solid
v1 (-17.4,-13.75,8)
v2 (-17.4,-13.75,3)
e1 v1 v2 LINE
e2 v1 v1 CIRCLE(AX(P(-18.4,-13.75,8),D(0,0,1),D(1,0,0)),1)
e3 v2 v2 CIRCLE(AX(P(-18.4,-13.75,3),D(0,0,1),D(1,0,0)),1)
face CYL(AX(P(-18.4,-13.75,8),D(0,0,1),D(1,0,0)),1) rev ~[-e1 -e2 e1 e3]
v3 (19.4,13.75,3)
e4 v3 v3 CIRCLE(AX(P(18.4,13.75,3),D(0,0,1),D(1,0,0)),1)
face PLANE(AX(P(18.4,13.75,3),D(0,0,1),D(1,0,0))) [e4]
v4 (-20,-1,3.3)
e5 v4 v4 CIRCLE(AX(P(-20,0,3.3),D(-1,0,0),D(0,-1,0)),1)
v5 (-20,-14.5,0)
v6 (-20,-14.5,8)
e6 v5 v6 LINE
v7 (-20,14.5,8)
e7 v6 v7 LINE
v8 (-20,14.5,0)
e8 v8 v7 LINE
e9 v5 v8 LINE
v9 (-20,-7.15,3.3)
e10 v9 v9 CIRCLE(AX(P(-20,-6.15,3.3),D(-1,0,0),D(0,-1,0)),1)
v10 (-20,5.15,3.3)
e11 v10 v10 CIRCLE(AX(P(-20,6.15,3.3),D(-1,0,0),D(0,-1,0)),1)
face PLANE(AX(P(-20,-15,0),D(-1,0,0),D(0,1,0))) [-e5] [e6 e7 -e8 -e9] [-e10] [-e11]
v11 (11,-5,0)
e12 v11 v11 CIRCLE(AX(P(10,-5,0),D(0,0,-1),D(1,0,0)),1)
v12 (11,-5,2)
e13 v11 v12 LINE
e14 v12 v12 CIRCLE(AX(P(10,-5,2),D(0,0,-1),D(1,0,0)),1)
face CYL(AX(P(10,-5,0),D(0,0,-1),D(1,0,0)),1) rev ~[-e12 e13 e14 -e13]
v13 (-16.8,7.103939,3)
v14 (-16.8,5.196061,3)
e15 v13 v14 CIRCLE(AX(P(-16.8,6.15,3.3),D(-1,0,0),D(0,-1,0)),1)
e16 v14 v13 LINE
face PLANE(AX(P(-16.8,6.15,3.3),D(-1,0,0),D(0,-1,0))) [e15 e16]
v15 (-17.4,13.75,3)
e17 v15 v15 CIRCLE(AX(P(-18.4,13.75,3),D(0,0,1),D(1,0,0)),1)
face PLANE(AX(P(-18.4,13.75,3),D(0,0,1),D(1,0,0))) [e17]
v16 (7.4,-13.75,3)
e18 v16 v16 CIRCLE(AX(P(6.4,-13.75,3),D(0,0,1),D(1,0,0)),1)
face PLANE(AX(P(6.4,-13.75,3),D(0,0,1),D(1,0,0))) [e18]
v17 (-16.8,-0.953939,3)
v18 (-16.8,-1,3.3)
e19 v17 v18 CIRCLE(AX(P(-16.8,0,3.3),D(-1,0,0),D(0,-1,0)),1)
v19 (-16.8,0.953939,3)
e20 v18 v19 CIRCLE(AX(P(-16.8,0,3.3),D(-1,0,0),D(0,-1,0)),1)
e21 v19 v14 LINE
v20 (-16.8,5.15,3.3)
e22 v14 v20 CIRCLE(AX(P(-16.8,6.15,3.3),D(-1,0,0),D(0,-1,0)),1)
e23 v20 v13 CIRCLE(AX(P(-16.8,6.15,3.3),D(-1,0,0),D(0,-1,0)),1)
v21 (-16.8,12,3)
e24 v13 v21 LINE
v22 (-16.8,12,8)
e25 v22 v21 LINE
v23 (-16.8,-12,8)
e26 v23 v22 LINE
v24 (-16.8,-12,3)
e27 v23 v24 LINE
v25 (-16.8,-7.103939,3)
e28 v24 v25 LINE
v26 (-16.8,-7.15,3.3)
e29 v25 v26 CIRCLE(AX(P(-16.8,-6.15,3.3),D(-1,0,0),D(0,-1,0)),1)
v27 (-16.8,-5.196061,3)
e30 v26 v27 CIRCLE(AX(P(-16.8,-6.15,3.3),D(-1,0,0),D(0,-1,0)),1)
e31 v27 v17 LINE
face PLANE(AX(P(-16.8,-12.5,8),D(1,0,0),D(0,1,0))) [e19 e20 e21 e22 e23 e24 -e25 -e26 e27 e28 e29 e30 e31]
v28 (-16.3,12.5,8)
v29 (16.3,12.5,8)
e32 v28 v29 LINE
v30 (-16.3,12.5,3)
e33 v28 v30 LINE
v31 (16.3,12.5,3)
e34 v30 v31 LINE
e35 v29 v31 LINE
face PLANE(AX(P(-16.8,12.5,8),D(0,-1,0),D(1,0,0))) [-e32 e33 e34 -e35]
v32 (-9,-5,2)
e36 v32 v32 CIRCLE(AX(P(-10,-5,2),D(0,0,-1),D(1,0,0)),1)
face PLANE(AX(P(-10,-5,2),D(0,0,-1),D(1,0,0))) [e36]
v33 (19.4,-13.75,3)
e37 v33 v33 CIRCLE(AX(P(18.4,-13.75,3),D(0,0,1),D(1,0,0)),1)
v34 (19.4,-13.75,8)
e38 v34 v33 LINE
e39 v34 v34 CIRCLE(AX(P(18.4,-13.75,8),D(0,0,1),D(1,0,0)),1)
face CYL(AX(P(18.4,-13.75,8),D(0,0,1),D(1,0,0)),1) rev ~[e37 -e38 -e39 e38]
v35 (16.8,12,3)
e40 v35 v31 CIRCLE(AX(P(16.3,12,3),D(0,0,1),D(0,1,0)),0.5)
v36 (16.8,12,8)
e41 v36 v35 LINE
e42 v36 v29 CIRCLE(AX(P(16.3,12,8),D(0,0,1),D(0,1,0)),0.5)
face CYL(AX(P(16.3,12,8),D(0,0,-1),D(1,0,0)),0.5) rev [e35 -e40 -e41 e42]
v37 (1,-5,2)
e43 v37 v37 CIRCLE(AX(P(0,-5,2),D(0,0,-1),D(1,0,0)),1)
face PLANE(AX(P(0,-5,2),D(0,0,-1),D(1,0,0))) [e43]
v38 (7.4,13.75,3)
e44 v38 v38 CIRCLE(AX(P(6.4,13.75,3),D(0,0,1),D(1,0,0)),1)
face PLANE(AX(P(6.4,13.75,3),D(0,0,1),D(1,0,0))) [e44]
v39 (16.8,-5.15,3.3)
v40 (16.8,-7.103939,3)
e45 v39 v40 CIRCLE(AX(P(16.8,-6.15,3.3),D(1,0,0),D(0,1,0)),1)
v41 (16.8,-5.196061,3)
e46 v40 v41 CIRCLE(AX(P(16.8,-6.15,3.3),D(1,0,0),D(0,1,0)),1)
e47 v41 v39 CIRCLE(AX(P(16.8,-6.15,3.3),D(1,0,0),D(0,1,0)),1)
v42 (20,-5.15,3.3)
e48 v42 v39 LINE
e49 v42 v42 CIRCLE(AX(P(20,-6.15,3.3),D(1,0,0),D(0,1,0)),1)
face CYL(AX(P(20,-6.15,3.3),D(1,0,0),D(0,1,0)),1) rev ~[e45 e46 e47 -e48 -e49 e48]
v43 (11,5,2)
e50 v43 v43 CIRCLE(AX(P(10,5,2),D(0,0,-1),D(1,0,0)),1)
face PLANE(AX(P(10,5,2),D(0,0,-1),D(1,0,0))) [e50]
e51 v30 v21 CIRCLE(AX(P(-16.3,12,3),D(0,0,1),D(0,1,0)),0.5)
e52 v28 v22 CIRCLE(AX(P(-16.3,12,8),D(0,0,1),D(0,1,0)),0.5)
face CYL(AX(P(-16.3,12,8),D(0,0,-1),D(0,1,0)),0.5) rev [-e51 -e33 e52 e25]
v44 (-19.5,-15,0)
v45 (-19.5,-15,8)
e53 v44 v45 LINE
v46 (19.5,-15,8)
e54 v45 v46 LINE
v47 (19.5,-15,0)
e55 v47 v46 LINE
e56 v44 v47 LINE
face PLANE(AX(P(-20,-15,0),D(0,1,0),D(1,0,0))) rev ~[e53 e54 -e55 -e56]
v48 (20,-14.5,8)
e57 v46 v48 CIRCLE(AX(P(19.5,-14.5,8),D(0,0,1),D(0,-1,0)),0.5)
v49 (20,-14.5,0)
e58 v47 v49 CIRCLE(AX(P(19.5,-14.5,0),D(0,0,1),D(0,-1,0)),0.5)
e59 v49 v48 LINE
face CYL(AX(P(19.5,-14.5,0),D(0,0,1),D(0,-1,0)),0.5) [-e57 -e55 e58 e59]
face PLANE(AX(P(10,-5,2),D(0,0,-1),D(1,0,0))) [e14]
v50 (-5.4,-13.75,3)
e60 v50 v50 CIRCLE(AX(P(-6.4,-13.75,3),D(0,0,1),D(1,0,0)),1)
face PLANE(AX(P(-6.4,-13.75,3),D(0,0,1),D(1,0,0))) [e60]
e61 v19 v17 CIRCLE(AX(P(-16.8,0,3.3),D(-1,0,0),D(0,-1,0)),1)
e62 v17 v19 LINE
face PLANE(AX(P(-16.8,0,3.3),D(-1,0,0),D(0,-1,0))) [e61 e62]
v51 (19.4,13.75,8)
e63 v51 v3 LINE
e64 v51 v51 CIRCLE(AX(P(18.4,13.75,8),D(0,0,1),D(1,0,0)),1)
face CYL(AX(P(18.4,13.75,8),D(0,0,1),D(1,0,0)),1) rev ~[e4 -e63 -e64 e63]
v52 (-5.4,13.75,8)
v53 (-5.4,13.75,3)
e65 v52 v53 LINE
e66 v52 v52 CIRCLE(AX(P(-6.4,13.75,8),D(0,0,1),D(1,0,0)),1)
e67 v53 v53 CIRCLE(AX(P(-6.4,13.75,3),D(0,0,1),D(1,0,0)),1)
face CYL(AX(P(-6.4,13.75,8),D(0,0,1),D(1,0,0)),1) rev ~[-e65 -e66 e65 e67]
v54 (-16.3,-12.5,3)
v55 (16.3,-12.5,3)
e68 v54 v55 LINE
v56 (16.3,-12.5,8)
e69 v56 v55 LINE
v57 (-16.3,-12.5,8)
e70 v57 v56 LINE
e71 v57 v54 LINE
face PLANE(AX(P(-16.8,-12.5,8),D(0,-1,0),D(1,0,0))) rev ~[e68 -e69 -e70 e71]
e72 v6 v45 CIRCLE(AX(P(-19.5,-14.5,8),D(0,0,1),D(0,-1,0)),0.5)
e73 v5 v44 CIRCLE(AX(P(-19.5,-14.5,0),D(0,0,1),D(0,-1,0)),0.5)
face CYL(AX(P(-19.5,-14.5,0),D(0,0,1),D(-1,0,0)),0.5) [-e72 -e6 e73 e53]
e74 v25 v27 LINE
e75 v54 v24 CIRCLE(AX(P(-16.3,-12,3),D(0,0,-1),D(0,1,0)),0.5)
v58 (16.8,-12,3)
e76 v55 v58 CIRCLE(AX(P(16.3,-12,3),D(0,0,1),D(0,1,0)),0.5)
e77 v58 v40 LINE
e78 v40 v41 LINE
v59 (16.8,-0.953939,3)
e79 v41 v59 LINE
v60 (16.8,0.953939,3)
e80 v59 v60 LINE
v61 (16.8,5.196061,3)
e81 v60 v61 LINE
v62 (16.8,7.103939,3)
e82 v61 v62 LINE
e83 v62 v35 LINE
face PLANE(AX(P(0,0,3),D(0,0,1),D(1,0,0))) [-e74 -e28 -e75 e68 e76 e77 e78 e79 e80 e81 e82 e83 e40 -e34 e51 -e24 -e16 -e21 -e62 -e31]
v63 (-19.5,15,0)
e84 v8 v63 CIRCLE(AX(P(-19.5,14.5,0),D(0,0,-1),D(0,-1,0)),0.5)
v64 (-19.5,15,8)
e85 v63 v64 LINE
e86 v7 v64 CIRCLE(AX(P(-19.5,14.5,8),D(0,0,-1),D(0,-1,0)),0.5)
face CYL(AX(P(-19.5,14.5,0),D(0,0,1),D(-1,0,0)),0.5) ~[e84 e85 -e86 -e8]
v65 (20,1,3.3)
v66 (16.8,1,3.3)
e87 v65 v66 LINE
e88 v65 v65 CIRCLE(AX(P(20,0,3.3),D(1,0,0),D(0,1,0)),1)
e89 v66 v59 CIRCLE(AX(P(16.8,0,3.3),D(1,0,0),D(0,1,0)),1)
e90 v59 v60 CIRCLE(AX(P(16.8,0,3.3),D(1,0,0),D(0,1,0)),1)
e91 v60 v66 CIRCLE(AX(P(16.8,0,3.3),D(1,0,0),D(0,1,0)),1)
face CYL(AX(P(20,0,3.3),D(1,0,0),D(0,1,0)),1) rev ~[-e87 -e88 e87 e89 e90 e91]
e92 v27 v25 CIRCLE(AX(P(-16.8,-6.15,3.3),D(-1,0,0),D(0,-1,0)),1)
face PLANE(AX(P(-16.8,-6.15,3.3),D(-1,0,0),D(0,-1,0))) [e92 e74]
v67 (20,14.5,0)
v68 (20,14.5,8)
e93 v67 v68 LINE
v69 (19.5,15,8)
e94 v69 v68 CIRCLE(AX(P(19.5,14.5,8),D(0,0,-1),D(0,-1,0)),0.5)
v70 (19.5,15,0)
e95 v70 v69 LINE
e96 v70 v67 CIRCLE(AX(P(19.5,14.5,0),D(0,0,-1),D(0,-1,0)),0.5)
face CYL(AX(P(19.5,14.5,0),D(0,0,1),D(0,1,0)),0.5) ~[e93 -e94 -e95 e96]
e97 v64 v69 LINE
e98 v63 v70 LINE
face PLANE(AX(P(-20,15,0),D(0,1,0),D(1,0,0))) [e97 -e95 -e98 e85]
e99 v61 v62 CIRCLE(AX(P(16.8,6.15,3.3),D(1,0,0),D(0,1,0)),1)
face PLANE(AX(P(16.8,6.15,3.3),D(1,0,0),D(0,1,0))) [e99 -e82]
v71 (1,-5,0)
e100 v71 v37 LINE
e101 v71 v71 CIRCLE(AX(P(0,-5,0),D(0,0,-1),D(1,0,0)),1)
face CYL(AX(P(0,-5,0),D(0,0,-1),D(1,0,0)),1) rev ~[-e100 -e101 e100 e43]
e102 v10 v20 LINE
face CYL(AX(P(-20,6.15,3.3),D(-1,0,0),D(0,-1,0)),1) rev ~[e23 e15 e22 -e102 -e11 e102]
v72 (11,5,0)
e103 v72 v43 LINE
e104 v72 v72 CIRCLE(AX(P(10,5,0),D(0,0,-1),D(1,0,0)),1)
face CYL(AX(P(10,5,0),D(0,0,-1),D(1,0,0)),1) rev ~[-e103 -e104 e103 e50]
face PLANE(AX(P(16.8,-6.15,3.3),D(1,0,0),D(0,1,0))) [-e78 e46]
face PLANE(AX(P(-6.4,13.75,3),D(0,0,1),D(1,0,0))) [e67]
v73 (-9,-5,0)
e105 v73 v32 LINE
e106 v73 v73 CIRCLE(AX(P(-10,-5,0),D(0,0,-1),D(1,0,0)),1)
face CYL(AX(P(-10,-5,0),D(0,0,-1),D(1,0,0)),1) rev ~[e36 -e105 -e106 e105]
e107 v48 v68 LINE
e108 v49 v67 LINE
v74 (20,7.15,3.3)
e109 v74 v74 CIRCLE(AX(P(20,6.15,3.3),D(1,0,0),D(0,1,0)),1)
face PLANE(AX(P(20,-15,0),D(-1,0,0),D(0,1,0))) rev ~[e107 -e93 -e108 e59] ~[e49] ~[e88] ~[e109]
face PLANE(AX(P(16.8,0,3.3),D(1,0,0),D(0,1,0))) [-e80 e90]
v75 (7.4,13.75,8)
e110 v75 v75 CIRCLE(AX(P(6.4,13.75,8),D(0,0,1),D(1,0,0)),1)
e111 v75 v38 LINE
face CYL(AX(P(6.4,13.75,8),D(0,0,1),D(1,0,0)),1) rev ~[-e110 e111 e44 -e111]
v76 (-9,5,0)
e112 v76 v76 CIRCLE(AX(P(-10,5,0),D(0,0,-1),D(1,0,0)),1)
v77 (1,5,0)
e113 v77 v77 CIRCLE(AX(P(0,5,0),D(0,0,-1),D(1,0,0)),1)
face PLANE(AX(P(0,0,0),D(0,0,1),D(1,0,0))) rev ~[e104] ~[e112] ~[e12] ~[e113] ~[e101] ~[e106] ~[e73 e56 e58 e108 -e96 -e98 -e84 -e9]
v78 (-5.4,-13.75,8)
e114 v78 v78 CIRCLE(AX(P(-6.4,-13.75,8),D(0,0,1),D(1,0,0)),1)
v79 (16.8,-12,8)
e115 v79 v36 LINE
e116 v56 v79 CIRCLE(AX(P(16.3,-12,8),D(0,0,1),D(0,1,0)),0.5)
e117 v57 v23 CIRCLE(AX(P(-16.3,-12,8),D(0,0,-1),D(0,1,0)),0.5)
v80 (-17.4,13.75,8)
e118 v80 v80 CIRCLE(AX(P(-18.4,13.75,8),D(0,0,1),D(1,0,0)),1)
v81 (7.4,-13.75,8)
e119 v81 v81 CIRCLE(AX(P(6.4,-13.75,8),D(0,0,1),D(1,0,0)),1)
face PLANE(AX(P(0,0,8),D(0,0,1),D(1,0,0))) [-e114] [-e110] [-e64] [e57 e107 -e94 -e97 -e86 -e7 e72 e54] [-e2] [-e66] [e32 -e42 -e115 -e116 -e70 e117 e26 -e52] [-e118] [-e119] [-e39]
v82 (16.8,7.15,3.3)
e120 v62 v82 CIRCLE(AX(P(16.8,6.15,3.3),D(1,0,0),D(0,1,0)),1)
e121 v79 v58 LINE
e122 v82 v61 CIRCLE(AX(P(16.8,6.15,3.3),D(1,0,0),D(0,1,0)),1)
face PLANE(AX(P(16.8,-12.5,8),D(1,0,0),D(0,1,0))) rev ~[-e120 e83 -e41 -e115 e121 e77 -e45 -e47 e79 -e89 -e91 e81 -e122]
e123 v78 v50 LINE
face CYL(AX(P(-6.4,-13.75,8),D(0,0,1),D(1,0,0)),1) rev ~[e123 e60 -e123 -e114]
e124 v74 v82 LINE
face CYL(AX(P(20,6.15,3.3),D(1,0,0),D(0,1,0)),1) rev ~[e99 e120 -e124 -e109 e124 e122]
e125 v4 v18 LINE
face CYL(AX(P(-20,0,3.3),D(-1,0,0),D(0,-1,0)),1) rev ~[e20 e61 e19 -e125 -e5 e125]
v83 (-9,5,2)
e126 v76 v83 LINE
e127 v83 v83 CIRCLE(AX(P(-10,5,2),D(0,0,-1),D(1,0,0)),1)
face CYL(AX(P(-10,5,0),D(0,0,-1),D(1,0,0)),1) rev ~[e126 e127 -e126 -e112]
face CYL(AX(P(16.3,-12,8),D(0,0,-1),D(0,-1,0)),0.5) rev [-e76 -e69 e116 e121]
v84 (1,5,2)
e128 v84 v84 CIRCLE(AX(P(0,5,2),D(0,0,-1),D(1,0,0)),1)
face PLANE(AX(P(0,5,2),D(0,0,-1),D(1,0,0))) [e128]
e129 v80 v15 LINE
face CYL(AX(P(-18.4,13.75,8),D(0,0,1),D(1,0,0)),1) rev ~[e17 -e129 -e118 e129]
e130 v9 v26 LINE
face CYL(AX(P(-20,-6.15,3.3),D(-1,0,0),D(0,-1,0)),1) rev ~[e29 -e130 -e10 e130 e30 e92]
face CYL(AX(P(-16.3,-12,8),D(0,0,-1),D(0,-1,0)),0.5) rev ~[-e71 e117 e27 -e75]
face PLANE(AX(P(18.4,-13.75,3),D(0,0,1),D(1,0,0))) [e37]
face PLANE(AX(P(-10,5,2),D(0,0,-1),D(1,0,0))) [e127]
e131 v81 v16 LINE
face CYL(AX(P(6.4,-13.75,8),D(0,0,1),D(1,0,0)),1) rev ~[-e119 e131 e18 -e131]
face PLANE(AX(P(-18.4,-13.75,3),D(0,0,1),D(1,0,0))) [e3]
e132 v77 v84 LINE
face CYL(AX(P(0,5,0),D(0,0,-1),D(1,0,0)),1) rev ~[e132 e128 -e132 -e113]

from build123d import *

# Parameters (mm, degrees)
SKETCH_W        = 40
SKETCH_H        = 30
PAD_DEPTH       = 8
SKETCH001_R     = 1
SKETCH001_W     = 33.6
SKETCH001_H     = 25
POCKET_DEPTH    = 5
SKETCH002_R     = 1
POCKET001_DEPTH = 3.2
POCKET002_DEPTH = 3.2
SKETCH003_R     = 1
POCKET003_DEPTH = 2
SKETCH004_R     = 1
POCKET004_DEPTH = 2
FILLET_R        = 0.5
SKETCH005_R     = 1
POCKET005_DEPTH = 3.2


with BuildPart() as part:
    # Sketch (on Sketch) → Pad (new body)
    with BuildSketch(Plane.XY):
        Rectangle(SKETCH_W, SKETCH_H)
    extrude(amount=PAD_DEPTH)

    # Sketch001 (on Face6 of Pad) → Pocket (cut)
    with BuildSketch(Plane.XY.offset(8)):
        with Locations((-18.4, 13.75)):
            Circle(SKETCH001_R)
        with Locations((-6.4, 13.75)):
            Circle(SKETCH001_R)
        with Locations((6.4, 13.75)):
            Circle(SKETCH001_R)
        with Locations((18.4, 13.75)):
            Circle(SKETCH001_R)
        with Locations((-18.4, -13.75)):
            Circle(SKETCH001_R)
        with Locations((-6.4, -13.75)):
            Circle(SKETCH001_R)
        with Locations((6.4, -13.75)):
            Circle(SKETCH001_R)
        with Locations((18.4, -13.75)):
            Circle(SKETCH001_R)
        Rectangle(SKETCH001_W, SKETCH001_H)
    extrude(amount=-POCKET_DEPTH, mode=Mode.SUBTRACT)

    # Sketch002 (on Face2 of Pocket) → Pocket001 (cut)
    with BuildSketch(Plane(origin=(-20, 0, 0), x_dir=(0, -1, 0), z_dir=(-1, 0, 0))):
        with Locations((-6.15, 3.3)):
            Circle(SKETCH002_R)
        with Locations((6.15, 3.3)):
            Circle(SKETCH002_R)
        with Locations((0, 3.3)):
            Circle(SKETCH002_R)
    extrude(amount=-POCKET001_DEPTH, mode=Mode.SUBTRACT)

    # Sketch002 (on Face2 of Pocket) → Pocket002 (cut)
    with BuildSketch(Plane(origin=(-20, 0, 0), x_dir=(0, -1, 0), z_dir=(-1, 0, 0))):
        with Locations((-6.15, 3.3)):
            Circle(SKETCH002_R)
        with Locations((6.15, 3.3)):
            Circle(SKETCH002_R)
        with Locations((0, 3.3)):
            Circle(SKETCH002_R)
    extrude(amount=-POCKET002_DEPTH, mode=Mode.SUBTRACT)

    # Sketch003 → Pocket003 (cut)
    with BuildSketch(Plane.XY.offset(5)):
        with Locations((-12, 10)):
            Circle(SKETCH003_R)
        with Locations((12, 10)):
            Circle(SKETCH003_R)
        with Locations((12, -10)):
            Circle(SKETCH003_R)
        with Locations((-12, -10)):
            Circle(SKETCH003_R)
    extrude(amount=-POCKET003_DEPTH, mode=Mode.SUBTRACT)

    # Sketch004 (on Face4 of Pocket003) → Pocket004 (cut)
    with BuildSketch(Plane(origin=(0, 0, 0), x_dir=(1, 0, 0), z_dir=(0, 0, -1))):
        with Locations((-10, 5)):
            Circle(SKETCH004_R)
        with Locations((0, 5)):
            Circle(SKETCH004_R)
        with Locations((10, 5)):
            Circle(SKETCH004_R)
        with Locations((10, -5)):
            Circle(SKETCH004_R)
        with Locations((0, -5)):
            Circle(SKETCH004_R)
        with Locations((-10, -5)):
            Circle(SKETCH004_R)
    extrude(amount=-POCKET004_DEPTH, mode=Mode.SUBTRACT)

    # Fillet
    fillet_edges = [part.edges().sort_by_distance(p)[0] for p in [
        (20, -15, 4),
        (-16.8, 12.5, 5.5),
        (-20, -15, 4),
        (-20, 15, 4),
        (-16.8, -12.5, 5.5),
        (16.8, 12.5, 5.5),
        (16.8, -12.5, 5.5),
        (20, 15, 4),
    ]]
    fillet(fillet_edges, radius=FILLET_R)

    # Sketch005 (on Face7 of Fillet) → Pocket005 (cut)
    with BuildSketch(Plane.YZ.offset(20)):
        with Locations((-6.15, 3.3)):
            Circle(SKETCH005_R)
        with Locations((6.15, 3.3)):
            Circle(SKETCH005_R)
        with Locations((0, 3.3)):
            Circle(SKETCH005_R)
    extrude(amount=-POCKET005_DEPTH, mode=Mode.SUBTRACT)


solid = part.part
